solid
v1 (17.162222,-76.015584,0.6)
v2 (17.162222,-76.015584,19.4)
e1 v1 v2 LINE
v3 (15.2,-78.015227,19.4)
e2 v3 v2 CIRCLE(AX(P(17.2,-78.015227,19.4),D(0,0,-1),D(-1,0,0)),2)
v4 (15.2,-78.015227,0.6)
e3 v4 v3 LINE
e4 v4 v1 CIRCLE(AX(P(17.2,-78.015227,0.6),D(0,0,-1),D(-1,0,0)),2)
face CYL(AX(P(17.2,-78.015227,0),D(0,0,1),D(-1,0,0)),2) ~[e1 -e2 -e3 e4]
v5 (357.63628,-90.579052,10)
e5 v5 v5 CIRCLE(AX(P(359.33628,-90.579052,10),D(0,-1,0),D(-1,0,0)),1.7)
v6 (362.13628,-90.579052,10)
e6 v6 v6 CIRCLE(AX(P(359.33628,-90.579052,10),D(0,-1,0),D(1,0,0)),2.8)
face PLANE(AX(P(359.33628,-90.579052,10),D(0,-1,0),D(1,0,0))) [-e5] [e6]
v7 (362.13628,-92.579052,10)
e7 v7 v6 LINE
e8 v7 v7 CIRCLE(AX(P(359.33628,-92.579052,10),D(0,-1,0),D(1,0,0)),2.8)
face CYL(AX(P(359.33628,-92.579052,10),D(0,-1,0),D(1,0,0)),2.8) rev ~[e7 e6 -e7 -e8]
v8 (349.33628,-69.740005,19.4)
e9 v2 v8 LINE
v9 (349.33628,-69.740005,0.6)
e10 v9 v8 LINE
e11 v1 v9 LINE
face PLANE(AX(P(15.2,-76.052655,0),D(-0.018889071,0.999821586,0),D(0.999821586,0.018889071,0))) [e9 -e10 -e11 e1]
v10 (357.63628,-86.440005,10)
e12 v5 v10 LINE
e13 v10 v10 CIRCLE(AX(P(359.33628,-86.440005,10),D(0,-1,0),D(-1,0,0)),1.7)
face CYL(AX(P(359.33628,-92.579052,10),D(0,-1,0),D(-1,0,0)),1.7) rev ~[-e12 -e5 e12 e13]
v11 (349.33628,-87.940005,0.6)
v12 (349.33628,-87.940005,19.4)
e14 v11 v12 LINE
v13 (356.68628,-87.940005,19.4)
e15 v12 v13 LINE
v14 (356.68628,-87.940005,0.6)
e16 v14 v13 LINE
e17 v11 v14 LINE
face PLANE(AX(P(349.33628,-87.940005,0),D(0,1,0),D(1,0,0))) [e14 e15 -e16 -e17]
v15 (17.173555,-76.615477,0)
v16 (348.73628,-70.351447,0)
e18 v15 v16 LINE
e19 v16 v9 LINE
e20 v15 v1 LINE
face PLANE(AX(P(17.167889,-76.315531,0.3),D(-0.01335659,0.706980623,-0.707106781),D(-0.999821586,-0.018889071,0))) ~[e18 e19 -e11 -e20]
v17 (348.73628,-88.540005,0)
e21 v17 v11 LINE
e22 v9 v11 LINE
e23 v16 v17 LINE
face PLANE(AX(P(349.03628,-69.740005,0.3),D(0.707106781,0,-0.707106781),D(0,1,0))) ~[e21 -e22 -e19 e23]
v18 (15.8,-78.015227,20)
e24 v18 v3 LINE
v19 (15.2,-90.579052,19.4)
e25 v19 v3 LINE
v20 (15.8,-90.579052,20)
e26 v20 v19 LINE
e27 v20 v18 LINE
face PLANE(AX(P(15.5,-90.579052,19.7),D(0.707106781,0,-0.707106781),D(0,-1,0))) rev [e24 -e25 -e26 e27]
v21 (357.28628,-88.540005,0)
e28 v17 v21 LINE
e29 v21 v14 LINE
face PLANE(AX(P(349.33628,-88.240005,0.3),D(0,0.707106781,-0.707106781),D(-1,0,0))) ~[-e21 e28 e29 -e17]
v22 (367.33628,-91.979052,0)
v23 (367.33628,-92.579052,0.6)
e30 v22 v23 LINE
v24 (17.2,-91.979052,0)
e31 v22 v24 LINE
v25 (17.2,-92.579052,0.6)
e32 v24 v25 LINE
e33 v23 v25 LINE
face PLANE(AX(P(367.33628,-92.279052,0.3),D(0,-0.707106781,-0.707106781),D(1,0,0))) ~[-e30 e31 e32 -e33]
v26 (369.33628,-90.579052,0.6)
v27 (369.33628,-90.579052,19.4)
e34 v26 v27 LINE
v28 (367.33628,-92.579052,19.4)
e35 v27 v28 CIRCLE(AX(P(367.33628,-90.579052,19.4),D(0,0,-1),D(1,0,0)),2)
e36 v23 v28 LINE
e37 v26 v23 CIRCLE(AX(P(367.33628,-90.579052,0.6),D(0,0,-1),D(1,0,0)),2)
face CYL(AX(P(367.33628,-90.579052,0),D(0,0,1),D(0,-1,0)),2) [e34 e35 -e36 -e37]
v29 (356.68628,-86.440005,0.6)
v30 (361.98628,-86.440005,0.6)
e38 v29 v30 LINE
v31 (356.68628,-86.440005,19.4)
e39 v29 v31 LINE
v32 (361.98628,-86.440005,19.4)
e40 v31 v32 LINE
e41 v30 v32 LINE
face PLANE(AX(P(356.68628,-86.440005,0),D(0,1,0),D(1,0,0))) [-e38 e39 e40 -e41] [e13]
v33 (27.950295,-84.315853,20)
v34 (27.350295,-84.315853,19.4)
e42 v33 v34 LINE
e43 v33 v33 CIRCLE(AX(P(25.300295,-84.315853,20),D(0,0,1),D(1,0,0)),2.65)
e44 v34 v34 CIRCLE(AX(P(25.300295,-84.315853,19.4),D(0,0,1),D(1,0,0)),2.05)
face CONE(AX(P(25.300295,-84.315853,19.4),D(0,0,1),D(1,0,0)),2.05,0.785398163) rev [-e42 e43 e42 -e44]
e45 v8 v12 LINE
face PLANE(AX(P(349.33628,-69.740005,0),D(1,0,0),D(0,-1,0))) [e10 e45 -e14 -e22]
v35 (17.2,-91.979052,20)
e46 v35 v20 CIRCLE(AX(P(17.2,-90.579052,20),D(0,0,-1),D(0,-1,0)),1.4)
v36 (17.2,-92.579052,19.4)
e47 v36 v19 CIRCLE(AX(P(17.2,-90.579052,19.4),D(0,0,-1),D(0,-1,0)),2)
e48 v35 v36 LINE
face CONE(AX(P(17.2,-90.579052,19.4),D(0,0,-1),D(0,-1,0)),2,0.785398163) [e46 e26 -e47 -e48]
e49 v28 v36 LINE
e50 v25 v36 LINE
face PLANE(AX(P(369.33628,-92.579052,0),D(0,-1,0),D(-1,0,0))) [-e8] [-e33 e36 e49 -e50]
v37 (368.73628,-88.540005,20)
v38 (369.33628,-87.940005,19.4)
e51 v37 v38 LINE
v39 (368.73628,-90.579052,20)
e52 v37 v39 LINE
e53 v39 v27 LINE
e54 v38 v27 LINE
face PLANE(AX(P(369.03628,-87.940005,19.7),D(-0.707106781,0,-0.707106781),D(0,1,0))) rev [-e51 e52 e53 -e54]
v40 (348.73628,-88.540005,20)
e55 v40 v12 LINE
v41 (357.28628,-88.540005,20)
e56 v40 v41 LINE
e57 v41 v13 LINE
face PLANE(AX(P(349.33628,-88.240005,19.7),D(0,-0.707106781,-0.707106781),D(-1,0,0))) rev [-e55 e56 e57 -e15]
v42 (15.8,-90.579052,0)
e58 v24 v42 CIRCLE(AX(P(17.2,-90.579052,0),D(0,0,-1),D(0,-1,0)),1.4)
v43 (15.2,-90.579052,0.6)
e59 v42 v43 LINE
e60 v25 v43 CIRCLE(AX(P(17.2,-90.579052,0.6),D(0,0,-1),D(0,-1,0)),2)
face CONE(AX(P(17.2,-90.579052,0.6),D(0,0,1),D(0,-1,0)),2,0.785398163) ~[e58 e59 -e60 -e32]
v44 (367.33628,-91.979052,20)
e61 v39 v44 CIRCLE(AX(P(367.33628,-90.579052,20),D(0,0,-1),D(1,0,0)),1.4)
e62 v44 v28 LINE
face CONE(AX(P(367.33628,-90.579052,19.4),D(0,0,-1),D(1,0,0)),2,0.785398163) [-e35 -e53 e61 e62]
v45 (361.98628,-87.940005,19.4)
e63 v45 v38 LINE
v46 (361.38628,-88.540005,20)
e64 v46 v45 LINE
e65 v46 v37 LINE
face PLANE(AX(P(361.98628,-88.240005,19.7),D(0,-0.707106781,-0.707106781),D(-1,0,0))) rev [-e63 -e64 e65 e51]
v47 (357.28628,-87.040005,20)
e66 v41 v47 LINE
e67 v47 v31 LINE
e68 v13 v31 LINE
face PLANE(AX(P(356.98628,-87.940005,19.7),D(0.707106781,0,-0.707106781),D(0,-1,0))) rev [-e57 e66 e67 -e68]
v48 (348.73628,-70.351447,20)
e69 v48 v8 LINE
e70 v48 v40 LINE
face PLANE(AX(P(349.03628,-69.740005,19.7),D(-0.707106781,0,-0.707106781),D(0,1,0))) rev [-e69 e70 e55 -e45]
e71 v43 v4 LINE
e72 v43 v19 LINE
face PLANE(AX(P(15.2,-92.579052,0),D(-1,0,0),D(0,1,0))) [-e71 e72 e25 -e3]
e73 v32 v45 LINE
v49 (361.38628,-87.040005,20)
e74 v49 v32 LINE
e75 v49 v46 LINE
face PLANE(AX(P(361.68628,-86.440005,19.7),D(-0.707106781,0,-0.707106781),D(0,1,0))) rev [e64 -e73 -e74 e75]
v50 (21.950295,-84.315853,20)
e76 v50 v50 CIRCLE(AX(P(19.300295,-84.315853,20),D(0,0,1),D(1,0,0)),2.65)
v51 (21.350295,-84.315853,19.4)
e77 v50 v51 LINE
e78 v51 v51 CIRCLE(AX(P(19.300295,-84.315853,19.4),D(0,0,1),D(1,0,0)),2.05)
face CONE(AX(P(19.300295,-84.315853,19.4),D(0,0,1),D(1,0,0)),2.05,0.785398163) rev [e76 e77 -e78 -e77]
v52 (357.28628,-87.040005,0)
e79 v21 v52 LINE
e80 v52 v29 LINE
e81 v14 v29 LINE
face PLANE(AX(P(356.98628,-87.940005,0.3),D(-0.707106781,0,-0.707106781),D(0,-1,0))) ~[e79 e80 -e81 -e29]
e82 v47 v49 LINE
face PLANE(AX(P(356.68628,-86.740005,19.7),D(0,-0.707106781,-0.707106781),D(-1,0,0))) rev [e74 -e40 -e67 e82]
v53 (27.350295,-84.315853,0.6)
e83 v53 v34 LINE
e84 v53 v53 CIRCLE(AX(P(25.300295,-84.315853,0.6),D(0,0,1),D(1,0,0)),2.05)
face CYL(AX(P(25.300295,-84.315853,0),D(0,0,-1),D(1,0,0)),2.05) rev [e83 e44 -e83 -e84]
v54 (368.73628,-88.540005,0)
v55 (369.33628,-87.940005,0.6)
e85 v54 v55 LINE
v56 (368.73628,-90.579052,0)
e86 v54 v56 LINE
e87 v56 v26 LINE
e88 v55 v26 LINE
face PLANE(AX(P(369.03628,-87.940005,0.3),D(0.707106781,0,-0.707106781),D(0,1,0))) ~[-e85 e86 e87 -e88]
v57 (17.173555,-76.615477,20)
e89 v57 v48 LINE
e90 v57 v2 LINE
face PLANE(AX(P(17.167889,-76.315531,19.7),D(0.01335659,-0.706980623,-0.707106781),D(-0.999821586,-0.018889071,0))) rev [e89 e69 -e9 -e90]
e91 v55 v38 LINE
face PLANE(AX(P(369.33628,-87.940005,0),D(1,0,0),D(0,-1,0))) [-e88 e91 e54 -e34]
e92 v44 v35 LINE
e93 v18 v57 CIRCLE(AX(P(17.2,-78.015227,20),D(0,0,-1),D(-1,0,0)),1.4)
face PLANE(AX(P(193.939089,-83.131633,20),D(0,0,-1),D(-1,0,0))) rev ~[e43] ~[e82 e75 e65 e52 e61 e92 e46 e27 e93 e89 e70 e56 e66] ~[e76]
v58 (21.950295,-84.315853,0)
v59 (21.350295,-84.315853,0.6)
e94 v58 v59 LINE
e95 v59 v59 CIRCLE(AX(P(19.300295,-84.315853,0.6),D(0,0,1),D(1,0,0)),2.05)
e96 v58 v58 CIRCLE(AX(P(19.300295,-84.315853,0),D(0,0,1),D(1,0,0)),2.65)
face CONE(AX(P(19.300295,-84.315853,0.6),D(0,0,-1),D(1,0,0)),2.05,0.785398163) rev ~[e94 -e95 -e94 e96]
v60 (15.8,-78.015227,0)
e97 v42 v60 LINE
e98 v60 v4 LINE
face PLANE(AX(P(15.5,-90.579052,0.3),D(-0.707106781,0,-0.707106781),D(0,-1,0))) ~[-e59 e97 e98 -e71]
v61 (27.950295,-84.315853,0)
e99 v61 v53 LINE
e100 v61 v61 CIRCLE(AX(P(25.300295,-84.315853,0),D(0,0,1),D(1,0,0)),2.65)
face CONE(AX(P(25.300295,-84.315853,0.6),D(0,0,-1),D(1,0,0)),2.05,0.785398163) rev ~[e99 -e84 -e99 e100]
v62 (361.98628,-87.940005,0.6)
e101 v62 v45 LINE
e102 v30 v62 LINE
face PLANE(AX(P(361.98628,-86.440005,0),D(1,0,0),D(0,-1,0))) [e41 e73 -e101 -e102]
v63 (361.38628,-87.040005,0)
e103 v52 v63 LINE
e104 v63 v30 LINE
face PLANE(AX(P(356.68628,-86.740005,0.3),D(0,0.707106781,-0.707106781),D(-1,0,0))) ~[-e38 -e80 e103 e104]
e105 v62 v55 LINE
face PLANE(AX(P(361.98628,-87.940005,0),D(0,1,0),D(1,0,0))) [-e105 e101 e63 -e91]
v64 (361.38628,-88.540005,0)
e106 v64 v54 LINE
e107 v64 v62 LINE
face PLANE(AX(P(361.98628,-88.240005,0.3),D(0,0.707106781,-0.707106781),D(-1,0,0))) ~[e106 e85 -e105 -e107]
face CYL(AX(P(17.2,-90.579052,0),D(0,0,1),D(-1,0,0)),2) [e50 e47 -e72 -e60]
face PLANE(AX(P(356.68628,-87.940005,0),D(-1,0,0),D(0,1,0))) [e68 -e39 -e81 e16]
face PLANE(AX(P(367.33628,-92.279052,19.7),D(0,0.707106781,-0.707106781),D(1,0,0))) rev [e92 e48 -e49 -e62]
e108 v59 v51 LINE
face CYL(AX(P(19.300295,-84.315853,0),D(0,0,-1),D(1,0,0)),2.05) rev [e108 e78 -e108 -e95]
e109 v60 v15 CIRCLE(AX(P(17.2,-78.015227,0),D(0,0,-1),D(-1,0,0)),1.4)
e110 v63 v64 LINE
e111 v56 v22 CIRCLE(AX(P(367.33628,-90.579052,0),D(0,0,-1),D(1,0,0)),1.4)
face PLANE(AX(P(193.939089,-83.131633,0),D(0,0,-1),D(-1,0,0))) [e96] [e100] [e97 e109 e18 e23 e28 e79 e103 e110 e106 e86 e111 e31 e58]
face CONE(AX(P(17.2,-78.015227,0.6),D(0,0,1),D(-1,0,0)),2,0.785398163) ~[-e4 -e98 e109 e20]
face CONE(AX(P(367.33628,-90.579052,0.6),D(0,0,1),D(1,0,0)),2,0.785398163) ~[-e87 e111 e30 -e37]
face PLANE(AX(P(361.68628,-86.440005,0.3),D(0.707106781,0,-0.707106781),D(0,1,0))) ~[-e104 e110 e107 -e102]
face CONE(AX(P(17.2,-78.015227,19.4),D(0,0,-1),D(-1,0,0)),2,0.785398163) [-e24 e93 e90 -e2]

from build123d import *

# Parameters (mm, degrees)
SKETCH1_R           = 2.05
BOSS_EXTRUDE1_DEPTH = 20
SKETCH2_R           = 1.7
CUT_EXTRUDE1_DEPTH  = 20
SKETCH3_R           = 2.8
CUT_EXTRUDE2_DEPTH  = 2
FILLET1_R           = 2
CHAMFER1_SIZE       = 0.6
CHAMFER2_SIZE       = 0.6


with BuildPart() as part:
    # Sketch1 → Boss-Extrude1 (new body)
    with BuildSketch(Plane.XY):
        Polygon((15.2, -92.57905153), (15.2, -76.05265525), (349.336279792, -69.740004959), (349.336279792, -87.940004959), (356.686279792, -87.940004959), (356.686279792, -86.440004959), (361.986279792, -86.440004959), (361.986279792, -87.940004959), (369.336279792, -87.940004959), (369.336279792, -92.57905153), align=None)
        with Locations((25.300294751, -84.31585339)):
            Circle(SKETCH1_R, mode=Mode.SUBTRACT)
        with Locations((19.300294751, -84.31585339)):
            Circle(SKETCH1_R, mode=Mode.SUBTRACT)
    extrude(amount=BOSS_EXTRUDE1_DEPTH)

    # Sketch2 → Cut-Extrude1 (cut)
    with BuildSketch(Plane(origin=(0, -92.57905153, 0), x_dir=(-1, 0, 0), z_dir=(0, -1, 0))):
        with Locations((-359.336279792, -10)):
            Circle(SKETCH2_R)
    extrude(amount=-CUT_EXTRUDE1_DEPTH, mode=Mode.SUBTRACT)

    # Sketch3 → Cut-Extrude2 (cut)
    with BuildSketch(Plane.XZ.offset(92.57905153)):
        with Locations((359.336279792, 10)):
            Circle(SKETCH3_R)
    extrude(amount=-CUT_EXTRUDE2_DEPTH, mode=Mode.SUBTRACT)

    # Fillet1
    fillet1_edges = [part.edges().sort_by_distance(p)[0] for p in [
        (15.2, -92.57905153, 10),
        (15.2, -76.05265525, 10),
        (369.336279792, -92.57905153, 10),
    ]]
    fillet(fillet1_edges, radius=FILLET1_R)

    # Chamfer1
    chamfer1_edges = [part.edges().sort_by_distance(p)[0] for p in [
        (183.249250825, -72.877794523, 0),
        (349.336279792, -78.840004959, 0),
        (353.011279792, -87.940004959, 0),
        (356.686279792, -87.190004959, 0),
        (359.336279792, -86.440004959, 0),
        (361.986279792, -87.190004959, 0),
        (365.661279792, -87.940004959, 0),
        (23.250294751, -84.31585339, 0),
        (17.250294751, -84.31585339, 0),
        (369.336279792, -89.259528244, 0),
        (192.268139896, -92.57905153, 0),
        (15.2, -84.297139394, 0),
        (15.785786438, -91.993265092, 0),
        (15.772492332, -76.614433962, 0),
        (368.750493354, -91.993265092, 0),
    ]]
    chamfer(chamfer1_edges, length=CHAMFER1_SIZE)

    # Chamfer2
    chamfer2_edges = [part.edges().sort_by_distance(p)[0] for p in [
        (365.661279792, -87.940004959, 20),
        (361.986279792, -87.190004959, 20),
        (359.336279792, -86.440004959, 20),
        (356.686279792, -87.190004959, 20),
        (23.250294751, -84.31585339, 20),
        (353.011279792, -87.940004959, 20),
        (17.250294751, -84.31585339, 20),
        (349.336279792, -78.840004959, 20),
        (183.249250825, -72.877794523, 20),
        (369.336279792, -89.259528244, 20),
        (192.268139896, -92.57905153, 20),
        (15.2, -84.297139394, 20),
        (15.785786438, -91.993265092, 20),
        (15.772492332, -76.614433962, 20),
        (368.750493354, -91.993265092, 20),
    ]]
    chamfer(chamfer2_edges, length=CHAMFER2_SIZE)


solid = part.part
